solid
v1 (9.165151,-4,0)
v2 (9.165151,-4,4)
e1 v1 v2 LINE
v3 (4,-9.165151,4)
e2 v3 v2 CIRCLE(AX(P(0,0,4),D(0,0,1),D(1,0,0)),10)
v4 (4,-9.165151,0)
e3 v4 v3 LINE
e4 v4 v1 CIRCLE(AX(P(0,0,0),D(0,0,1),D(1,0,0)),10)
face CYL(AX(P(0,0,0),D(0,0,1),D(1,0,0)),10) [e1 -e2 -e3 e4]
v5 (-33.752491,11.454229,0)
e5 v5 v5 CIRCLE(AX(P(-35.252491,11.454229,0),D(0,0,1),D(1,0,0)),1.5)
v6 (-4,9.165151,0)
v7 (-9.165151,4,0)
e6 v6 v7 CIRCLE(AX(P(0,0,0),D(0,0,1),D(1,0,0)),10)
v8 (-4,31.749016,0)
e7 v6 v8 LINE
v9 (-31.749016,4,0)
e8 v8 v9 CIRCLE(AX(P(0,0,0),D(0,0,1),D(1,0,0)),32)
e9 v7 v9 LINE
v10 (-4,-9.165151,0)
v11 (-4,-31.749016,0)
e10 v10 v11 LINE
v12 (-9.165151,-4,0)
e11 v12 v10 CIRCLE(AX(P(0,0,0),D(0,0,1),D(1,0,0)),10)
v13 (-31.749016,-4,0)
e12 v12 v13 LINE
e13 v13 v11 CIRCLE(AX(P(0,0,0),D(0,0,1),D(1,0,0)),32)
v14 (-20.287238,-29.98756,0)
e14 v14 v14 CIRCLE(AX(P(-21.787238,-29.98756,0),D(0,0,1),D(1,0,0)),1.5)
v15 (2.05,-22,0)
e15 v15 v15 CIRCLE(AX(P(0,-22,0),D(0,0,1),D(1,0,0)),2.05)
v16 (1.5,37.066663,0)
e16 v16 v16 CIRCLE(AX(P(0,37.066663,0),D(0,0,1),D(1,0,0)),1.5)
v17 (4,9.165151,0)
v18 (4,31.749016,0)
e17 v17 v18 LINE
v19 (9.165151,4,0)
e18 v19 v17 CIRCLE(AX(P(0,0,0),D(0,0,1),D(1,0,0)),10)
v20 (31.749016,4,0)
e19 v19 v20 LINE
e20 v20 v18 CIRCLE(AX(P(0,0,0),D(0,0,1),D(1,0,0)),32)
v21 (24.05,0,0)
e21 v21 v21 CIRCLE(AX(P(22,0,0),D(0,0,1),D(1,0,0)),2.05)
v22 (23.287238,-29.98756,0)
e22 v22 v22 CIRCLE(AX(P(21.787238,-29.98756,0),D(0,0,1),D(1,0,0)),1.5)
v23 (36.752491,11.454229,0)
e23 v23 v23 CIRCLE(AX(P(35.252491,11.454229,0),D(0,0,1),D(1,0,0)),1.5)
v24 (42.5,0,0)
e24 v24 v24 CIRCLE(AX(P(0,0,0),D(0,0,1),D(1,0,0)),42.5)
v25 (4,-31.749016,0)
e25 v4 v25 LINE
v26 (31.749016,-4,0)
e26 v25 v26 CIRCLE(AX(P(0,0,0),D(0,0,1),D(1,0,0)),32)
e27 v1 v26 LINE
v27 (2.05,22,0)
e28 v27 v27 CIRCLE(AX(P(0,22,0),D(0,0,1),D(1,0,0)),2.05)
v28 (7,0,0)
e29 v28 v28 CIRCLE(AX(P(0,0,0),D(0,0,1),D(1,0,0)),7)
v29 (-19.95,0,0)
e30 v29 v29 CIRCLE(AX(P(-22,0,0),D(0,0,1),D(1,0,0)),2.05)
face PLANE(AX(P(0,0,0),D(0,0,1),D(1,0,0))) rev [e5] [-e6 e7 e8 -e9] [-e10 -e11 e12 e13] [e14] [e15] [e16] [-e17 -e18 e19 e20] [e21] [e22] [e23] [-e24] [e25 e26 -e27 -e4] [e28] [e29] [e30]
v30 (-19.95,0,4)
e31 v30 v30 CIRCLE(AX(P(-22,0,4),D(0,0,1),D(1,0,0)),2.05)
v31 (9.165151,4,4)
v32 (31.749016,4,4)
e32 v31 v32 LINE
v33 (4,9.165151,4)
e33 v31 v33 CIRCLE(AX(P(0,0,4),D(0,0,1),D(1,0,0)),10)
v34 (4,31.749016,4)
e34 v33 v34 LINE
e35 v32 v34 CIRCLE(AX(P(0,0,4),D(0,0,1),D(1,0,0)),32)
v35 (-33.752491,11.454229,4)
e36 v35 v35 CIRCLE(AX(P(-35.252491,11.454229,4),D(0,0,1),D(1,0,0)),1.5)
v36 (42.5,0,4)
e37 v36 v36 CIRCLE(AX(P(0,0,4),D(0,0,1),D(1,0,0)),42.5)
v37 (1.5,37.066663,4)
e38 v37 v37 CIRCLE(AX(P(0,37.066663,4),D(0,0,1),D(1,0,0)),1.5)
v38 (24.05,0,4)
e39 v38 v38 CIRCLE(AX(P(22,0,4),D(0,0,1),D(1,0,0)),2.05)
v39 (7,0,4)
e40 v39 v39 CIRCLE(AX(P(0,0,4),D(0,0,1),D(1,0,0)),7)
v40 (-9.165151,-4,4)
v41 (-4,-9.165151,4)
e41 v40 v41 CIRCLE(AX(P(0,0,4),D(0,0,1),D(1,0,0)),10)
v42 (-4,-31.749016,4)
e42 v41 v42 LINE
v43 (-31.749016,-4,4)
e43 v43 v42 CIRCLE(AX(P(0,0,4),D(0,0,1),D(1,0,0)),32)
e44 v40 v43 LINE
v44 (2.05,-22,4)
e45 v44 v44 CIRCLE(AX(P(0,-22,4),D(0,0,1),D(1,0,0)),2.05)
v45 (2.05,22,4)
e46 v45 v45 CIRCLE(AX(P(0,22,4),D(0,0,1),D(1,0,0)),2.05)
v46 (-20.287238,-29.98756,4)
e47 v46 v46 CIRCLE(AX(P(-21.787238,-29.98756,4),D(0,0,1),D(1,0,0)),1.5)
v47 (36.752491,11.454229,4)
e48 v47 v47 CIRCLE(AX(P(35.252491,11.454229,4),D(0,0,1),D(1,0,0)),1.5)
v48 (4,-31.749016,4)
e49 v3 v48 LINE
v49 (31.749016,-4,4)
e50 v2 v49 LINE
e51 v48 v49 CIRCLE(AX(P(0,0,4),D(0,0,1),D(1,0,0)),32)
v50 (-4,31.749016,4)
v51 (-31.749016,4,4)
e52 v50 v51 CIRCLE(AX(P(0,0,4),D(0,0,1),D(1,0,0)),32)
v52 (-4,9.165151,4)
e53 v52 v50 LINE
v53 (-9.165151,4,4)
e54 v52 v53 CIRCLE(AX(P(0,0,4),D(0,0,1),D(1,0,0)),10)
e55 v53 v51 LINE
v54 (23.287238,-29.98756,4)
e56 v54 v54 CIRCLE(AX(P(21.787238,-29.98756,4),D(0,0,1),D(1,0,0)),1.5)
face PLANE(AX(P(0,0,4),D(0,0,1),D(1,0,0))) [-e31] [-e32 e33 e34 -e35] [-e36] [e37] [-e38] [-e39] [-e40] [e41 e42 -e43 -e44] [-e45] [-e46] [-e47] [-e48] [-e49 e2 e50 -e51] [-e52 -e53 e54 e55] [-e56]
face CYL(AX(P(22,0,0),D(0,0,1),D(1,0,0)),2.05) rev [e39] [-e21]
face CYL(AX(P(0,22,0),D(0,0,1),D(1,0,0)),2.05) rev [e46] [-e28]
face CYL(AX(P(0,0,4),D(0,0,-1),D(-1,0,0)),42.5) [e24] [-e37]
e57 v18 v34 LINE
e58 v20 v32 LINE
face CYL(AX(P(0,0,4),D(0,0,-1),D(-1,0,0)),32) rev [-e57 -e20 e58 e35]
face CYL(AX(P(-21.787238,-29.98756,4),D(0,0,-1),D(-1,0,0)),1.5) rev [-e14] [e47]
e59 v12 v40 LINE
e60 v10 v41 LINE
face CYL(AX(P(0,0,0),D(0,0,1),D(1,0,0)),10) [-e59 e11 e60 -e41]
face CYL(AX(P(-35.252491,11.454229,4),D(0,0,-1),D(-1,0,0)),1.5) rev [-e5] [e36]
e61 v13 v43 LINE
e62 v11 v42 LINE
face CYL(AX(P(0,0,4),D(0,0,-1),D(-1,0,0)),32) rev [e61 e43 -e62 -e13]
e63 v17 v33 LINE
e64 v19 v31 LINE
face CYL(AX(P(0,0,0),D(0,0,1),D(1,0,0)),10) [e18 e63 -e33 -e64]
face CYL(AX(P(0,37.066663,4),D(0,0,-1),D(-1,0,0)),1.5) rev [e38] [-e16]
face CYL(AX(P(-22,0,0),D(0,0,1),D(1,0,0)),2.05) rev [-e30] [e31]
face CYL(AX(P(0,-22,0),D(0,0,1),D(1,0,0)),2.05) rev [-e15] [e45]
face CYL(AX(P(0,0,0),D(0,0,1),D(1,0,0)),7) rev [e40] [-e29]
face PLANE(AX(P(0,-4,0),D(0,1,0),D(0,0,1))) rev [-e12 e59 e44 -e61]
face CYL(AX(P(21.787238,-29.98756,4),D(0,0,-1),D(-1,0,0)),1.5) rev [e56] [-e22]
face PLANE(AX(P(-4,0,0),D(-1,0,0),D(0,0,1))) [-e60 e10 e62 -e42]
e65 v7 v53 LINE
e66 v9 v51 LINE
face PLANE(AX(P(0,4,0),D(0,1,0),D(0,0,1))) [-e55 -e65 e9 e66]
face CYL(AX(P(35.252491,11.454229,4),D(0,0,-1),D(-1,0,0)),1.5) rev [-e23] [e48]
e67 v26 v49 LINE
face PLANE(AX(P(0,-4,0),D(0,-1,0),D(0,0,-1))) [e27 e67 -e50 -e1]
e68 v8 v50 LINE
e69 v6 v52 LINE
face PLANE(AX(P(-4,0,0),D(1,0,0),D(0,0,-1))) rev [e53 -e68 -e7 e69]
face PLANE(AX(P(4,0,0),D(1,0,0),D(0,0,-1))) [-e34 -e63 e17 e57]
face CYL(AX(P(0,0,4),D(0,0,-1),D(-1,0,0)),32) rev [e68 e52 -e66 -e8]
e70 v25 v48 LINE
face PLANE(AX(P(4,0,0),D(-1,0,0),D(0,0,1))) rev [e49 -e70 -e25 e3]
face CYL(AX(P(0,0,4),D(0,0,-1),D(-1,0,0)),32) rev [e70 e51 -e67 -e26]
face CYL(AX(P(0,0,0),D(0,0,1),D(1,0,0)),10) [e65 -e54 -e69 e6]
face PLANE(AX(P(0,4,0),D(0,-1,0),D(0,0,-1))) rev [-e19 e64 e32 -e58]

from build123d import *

# Parameters (mm, degrees)
SKETCH1_R           = 42.5
SKETCH1_R_2         = 32
SKETCH1_R_3         = 1.5
BOSS_EXTRUDE1_DEPTH = 4
SKETCH2_R           = 2.05
SKETCH2_R_2         = 7
BOSS_EXTRUDE2_DEPTH = 4


with BuildPart() as part:
    # Sketch1 → Boss-Extrude1 (new body)
    with BuildSketch(Plane.XY):
        Circle(SKETCH1_R)
        Circle(SKETCH1_R_2, mode=Mode.SUBTRACT)
        with Locations((0, 37.066662977)):
            Circle(SKETCH1_R_3, mode=Mode.SUBTRACT)
        with Locations((35.252491362, 11.454228785)):
            Circle(SKETCH1_R_3, mode=Mode.SUBTRACT)
        with Locations((21.78723785, -29.987560273)):
            Circle(SKETCH1_R_3, mode=Mode.SUBTRACT)
        with Locations((-21.78723785, -29.987560273)):
            Circle(SKETCH1_R_3, mode=Mode.SUBTRACT)
        with Locations((-35.252491362, 11.454228785)):
            Circle(SKETCH1_R_3, mode=Mode.SUBTRACT)
    extrude(amount=BOSS_EXTRUDE1_DEPTH)

    # Sketch2 → Boss-Extrude2 (add, through all)
    with BuildSketch(Plane.XY.offset(4)):
        with BuildLine():
            Line((-9.16515139, 4), (-31.749015733, 4))
            ThreePointArc((-31.749015733, 4), (-32, 0), (-31.749015733, -4))
            Line((-31.749015733, -4), (-9.16515139, -4))
            ThreePointArc((-9.16515139, -4), (-7.071067812, -7.071067812), (-4, -9.16515139))
            Line((-4, -9.16515139), (-4, -31.749015733))
            ThreePointArc((-4, -31.749015733), (0, -32), (4, -31.749015733))
            Line((4, -31.749015733), (4, -9.16515139))
            ThreePointArc((4, -9.16515139), (7.071067812, -7.071067812), (9.16515139, -4))
            Line((9.16515139, -4), (31.749015733, -4))
            ThreePointArc((31.749015733, -4), (32, 0), (31.749015733, 4))
            Line((31.749015733, 4), (9.16515139, 4))
            ThreePointArc((9.16515139, 4), (7.071067812, 7.071067812), (4, 9.16515139))
            Line((4, 9.16515139), (4, 31.749015733))
            ThreePointArc((4, 31.749015733), (0, 32), (-4, 31.749015733))
            Line((-4, 31.749015733), (-4, 9.16515139))
            ThreePointArc((-4, 9.16515139), (-7.071067812, 7.071067812), (-9.16515139, 4))
        make_face()
        with Locations((0, 22)):
            Circle(SKETCH2_R, mode=Mode.SUBTRACT)
        with Locations((22, 0)):
            Circle(SKETCH2_R, mode=Mode.SUBTRACT)
        with Locations((0, -22)):
            Circle(SKETCH2_R, mode=Mode.SUBTRACT)
        with Locations((-22, 0)):
            Circle(SKETCH2_R, mode=Mode.SUBTRACT)
        Circle(SKETCH2_R_2, mode=Mode.SUBTRACT)
    extrude(amount=-BOSS_EXTRUDE2_DEPTH)


solid = part.part
